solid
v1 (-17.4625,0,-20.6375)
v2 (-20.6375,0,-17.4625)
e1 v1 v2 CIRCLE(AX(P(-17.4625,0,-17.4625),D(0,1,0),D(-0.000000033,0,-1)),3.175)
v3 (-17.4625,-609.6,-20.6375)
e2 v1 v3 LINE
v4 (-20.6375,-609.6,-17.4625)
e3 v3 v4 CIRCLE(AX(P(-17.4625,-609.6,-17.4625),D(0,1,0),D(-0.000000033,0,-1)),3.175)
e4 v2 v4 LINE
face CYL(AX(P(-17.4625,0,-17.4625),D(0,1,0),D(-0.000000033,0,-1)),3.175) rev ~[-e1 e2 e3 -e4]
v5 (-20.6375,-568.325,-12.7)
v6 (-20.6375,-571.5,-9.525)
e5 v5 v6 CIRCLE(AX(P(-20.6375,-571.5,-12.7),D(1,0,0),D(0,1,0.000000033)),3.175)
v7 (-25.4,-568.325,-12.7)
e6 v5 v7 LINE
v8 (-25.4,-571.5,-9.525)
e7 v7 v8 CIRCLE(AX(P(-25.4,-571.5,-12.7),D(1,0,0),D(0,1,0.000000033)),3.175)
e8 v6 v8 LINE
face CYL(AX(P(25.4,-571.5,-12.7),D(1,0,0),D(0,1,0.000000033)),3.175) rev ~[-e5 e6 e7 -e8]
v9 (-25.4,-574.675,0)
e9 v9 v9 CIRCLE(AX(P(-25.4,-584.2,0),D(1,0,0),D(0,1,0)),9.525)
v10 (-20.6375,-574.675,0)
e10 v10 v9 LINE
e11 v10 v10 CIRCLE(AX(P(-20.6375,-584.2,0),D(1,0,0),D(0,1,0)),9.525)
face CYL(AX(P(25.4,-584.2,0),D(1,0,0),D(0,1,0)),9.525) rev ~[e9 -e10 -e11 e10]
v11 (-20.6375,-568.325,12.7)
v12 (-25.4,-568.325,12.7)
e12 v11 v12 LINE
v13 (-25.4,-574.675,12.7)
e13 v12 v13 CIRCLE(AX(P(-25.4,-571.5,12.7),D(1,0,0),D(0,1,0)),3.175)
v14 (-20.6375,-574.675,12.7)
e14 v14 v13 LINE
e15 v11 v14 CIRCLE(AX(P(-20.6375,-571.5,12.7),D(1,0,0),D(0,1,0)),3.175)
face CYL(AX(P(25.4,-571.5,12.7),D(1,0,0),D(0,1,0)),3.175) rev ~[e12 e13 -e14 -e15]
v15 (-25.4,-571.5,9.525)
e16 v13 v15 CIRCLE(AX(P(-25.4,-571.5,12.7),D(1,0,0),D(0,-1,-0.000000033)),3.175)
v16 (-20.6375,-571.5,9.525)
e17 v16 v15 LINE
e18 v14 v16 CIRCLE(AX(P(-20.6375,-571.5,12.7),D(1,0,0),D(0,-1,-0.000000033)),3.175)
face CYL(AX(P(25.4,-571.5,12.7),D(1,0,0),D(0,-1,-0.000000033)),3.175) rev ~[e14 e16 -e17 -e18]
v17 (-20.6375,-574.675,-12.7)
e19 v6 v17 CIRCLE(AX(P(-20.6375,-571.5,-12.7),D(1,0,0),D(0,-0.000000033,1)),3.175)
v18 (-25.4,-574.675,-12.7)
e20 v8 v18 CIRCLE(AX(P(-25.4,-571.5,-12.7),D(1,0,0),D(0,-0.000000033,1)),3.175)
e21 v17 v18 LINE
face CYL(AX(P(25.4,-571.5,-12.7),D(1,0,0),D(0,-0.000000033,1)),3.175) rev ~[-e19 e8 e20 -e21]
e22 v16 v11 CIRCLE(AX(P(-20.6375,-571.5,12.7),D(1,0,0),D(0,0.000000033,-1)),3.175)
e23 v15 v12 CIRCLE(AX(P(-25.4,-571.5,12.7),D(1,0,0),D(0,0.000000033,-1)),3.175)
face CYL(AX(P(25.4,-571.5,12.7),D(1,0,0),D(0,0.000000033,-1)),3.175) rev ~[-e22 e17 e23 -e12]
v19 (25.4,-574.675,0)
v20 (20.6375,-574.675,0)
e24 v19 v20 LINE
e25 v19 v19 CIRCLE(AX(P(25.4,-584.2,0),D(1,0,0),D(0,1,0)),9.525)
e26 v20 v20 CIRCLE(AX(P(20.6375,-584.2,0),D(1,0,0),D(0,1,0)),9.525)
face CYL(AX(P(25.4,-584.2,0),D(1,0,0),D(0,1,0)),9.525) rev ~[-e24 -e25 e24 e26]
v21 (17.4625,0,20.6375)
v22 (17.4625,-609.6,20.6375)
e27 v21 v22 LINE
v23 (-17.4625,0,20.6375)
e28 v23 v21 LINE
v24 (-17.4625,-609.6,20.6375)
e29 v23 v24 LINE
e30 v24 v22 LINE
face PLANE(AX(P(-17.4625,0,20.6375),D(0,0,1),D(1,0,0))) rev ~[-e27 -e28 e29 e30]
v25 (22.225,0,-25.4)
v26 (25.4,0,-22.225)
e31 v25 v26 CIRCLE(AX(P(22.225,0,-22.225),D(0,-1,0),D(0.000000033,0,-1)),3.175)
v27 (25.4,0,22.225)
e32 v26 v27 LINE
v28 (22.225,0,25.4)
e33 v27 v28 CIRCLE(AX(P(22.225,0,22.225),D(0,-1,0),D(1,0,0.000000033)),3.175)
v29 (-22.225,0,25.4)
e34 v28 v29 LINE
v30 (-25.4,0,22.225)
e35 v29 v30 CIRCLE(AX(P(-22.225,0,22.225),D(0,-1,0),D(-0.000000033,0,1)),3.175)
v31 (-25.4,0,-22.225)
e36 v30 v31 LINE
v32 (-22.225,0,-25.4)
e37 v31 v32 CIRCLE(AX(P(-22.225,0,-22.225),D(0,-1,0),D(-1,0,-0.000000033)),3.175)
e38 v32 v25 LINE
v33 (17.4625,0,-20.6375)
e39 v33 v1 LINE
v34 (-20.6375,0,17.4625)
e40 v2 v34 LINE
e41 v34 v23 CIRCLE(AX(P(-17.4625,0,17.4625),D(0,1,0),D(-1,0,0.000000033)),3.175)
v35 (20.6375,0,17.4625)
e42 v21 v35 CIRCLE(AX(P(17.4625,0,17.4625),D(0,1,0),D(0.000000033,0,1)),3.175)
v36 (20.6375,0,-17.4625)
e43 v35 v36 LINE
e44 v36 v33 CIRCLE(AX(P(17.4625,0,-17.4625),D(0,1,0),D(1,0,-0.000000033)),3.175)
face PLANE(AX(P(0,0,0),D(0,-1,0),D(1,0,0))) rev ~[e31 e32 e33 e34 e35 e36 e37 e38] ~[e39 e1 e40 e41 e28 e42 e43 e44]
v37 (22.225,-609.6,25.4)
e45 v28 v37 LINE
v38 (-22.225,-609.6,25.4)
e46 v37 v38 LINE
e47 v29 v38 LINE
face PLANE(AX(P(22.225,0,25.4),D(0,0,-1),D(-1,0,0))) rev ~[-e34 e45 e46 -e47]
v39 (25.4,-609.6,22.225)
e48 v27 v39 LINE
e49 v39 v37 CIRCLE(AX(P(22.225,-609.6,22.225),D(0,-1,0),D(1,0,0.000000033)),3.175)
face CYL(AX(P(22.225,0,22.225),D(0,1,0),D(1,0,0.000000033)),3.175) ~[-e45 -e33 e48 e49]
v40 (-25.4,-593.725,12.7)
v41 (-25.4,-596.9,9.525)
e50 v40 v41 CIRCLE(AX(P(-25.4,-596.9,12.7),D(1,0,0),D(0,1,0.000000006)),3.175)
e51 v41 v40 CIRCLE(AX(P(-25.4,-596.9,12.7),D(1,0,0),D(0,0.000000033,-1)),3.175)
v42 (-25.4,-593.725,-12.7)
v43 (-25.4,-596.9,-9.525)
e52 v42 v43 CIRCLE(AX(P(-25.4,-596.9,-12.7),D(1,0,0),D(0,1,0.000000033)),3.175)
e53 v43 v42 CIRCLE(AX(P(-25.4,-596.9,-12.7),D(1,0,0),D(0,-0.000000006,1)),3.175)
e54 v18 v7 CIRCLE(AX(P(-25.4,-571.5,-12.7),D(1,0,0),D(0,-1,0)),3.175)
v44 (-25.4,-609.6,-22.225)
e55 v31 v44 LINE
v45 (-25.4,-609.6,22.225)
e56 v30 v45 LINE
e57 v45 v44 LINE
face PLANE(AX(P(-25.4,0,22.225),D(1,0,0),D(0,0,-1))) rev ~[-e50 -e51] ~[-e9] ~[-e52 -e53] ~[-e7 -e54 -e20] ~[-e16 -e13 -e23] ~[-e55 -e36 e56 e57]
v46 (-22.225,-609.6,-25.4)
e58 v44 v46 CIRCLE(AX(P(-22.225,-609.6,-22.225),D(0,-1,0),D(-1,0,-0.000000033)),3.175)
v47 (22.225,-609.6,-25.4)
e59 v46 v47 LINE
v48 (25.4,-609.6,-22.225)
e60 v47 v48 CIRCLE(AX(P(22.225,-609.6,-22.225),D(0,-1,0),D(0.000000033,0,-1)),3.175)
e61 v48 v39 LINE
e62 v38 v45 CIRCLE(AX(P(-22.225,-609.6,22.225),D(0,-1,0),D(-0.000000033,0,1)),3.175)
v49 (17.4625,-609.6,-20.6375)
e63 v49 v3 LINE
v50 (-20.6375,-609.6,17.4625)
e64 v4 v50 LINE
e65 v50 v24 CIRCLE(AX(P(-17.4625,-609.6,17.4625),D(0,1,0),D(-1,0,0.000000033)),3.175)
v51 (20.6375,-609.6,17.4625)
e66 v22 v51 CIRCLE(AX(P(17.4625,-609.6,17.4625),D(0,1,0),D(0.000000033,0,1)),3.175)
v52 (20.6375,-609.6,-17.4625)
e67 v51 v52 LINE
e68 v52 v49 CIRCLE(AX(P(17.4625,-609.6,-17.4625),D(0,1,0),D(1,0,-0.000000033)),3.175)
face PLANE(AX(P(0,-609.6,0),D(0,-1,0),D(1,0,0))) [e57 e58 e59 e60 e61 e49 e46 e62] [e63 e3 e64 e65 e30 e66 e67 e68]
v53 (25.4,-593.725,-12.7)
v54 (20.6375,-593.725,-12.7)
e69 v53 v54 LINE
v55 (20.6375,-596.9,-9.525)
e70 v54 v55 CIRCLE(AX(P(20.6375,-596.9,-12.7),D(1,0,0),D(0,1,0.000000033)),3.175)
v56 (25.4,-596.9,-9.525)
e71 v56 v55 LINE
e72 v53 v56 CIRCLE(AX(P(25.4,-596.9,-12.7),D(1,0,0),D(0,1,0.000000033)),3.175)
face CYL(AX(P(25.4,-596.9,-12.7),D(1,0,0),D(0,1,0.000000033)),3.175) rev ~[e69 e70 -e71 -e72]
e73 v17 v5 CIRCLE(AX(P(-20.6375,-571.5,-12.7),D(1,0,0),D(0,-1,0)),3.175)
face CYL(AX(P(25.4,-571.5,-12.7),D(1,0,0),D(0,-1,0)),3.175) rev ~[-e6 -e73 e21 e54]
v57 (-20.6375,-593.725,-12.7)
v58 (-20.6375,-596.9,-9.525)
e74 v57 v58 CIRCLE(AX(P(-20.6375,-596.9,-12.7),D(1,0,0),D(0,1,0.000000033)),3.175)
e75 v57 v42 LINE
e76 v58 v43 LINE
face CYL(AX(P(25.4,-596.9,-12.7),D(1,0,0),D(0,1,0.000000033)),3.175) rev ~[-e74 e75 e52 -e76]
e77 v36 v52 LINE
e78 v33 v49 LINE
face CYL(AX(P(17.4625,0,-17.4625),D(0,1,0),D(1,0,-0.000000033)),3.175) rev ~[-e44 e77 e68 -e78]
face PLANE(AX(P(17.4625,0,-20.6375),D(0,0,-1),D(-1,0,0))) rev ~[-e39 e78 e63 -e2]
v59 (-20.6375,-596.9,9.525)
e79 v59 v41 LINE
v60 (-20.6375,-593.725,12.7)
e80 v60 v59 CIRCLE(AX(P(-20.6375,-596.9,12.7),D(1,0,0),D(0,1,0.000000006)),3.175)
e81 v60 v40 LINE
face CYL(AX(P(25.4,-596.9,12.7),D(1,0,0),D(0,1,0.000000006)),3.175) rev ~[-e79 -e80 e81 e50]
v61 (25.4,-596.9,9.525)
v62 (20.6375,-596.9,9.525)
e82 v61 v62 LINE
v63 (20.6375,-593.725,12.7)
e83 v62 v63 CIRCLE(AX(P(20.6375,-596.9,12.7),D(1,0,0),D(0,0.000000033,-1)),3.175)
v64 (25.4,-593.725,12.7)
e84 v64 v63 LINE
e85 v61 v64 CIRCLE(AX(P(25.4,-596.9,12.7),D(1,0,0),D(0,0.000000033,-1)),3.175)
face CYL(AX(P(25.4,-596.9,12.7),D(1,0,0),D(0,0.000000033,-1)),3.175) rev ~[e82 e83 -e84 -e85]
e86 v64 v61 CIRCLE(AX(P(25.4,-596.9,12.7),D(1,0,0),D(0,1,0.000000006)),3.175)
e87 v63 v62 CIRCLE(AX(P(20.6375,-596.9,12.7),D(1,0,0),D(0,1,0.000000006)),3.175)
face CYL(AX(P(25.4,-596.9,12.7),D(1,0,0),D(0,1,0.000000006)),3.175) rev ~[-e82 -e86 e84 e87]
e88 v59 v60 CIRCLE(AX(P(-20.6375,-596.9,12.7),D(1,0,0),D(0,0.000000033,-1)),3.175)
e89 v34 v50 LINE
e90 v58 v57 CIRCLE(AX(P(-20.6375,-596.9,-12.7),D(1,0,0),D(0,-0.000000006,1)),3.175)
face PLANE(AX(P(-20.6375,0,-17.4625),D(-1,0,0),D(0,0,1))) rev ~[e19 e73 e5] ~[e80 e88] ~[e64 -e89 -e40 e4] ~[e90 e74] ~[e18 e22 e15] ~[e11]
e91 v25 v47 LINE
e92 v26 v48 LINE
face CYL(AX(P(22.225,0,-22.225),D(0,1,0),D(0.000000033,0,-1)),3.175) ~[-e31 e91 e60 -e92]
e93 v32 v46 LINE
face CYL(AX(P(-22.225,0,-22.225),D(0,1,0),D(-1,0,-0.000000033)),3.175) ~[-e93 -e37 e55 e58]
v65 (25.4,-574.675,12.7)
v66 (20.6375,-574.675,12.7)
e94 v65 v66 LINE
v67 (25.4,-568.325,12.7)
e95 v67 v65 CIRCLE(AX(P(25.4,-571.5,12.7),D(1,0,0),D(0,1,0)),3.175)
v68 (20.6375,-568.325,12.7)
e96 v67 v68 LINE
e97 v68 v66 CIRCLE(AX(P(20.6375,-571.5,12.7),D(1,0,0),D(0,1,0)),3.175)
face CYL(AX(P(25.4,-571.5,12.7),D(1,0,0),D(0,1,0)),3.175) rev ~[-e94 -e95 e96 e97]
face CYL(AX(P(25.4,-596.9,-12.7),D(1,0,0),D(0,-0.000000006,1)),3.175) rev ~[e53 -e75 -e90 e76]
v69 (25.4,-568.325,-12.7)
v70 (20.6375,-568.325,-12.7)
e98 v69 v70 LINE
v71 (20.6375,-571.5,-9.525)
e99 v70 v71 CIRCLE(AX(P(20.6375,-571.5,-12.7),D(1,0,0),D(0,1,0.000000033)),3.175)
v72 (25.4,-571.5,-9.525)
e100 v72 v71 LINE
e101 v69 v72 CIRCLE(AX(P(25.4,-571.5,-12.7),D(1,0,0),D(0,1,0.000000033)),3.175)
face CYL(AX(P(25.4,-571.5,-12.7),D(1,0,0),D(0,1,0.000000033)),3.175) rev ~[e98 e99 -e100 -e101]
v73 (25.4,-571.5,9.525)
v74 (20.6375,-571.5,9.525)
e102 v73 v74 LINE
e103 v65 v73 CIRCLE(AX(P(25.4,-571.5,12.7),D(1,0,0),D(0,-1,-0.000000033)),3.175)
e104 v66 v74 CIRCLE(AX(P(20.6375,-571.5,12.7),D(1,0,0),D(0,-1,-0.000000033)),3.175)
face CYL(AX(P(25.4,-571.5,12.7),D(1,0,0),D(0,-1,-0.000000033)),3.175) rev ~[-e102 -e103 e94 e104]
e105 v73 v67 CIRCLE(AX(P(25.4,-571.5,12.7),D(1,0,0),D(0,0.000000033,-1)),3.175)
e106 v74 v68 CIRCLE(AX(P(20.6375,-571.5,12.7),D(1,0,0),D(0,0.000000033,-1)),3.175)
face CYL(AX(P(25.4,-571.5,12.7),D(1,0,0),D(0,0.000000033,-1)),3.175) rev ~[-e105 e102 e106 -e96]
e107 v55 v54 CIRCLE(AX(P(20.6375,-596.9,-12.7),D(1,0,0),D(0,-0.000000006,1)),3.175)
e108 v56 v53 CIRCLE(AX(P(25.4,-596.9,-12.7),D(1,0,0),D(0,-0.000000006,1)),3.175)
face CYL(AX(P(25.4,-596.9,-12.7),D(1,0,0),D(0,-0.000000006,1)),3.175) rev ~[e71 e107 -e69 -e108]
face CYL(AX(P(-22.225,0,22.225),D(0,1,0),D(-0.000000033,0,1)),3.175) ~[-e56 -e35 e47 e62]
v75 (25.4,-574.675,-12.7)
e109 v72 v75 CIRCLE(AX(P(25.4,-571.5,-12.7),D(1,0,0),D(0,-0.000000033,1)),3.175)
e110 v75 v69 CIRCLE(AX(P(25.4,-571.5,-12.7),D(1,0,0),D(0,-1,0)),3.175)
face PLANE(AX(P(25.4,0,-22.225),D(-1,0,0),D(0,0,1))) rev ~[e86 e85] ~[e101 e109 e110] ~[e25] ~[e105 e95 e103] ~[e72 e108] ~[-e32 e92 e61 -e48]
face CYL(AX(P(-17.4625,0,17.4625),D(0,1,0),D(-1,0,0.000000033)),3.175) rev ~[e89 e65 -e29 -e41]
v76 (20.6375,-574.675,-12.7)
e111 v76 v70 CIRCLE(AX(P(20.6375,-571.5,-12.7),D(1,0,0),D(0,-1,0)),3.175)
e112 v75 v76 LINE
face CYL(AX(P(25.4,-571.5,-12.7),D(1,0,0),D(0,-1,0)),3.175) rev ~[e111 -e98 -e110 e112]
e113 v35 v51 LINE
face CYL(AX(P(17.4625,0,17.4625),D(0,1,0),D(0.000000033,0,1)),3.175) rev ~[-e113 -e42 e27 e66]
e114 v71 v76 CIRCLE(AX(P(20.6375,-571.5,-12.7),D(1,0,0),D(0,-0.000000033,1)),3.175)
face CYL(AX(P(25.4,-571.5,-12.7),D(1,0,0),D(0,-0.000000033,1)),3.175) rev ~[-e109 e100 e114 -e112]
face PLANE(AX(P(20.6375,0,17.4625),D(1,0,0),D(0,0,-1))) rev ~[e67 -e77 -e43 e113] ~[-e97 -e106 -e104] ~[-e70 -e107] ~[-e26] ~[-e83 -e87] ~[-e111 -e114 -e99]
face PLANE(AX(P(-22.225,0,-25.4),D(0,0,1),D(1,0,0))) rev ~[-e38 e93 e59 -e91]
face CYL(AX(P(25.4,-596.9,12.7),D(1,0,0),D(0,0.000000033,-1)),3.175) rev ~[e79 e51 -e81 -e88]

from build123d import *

# Parameters (mm, degrees)
F1_DEPTH = 609.6
F2_R     = 9.525
F3_DEPTH = 50.801


with BuildPart() as f1:
    # F0 (on Front) → F1 (new body)
    with BuildSketch(Plane.XZ):
        with BuildLine():
            ThreePointArc((25.4, 22.225), (24.470064, 24.470064), (22.225, 25.4))
            Line((22.225, 25.4), (-22.225, 25.4))
            ThreePointArc((-22.225, 25.4), (-24.470064, 24.470064), (-25.4, 22.225))
            Line((-25.4, 22.225), (-25.4, -22.225))
            ThreePointArc((-25.4, -22.225), (-24.470064, -24.470064), (-22.225, -25.4))
            Line((-22.225, -25.4), (22.225, -25.4))
            ThreePointArc((22.225, -25.4), (24.470064, -24.470064), (25.4, -22.225))
            Line((25.4, -22.225), (25.4, 22.225))
        make_face()
        with BuildLine():
            Line((-17.4625, 20.6375), (17.4625, 20.6375))
            ThreePointArc((17.4625, 20.6375), (19.707564, 19.707564), (20.6375, 17.4625))
            Line((20.6375, 17.4625), (20.6375, -17.4625))
            ThreePointArc((20.6375, -17.4625), (19.707564, -19.707564), (17.4625, -20.6375))
            Line((17.4625, -20.6375), (-17.4625, -20.6375))
            ThreePointArc((-17.4625, -20.6375), (-19.707564, -19.707564), (-20.6375, -17.4625))
            Line((-20.6375, -17.4625), (-20.6375, 17.4625))
            ThreePointArc((-20.6375, 17.4625), (-19.707564, 19.707564), (-17.4625, 20.6375))
        make_face(mode=Mode.SUBTRACT)
    extrude(amount=F1_DEPTH)

    # F2 (on face) → F3 (cut, through all)
    with BuildSketch(Plane.YZ.offset(25.4)):
        with Locations((-584.2, 0)):
            Circle(F2_R)
        with BuildLine():
            Line((-571.5, 9.525), (-571.5, 12.7))
            Line((-571.5, 12.7), (-574.675, 12.7))
            ThreePointArc((-574.675, 12.7), (-573.745064, 10.454936), (-571.5, 9.525))
        make_face()
        with BuildLine():
            Line((-574.675, 12.7), (-571.5, 12.7))
            Line((-571.5, 12.7), (-571.5, 9.525))
            ThreePointArc((-571.5, 9.525), (-569.254936, 10.454936), (-568.325, 12.7))
            ThreePointArc((-568.325, 12.7), (-571.5, 15.875), (-574.675, 12.7))
        make_face()
        with BuildLine():
            Line((-571.5, -9.525), (-571.5, -12.7))
            Line((-571.5, -12.7), (-574.675, -12.7))
            ThreePointArc((-574.675, -12.7), (-571.5, -15.875), (-568.325, -12.7))
            ThreePointArc((-568.325, -12.7), (-569.254936, -10.454936), (-571.5, -9.525))
        make_face()
        with BuildLine():
            Line((-574.675, -12.7), (-571.5, -12.7))
            Line((-571.5, -12.7), (-571.5, -9.525))
            ThreePointArc((-571.5, -9.525), (-573.745064, -10.454936), (-574.675, -12.7))
        make_face()
        with BuildLine():
            Line((-593.725, 12.7), (-596.9, 12.7))
            Line((-596.9, 12.7), (-596.9, 9.525))
            ThreePointArc((-596.9, 9.525), (-594.654936, 10.454936), (-593.725, 12.7))
        make_face()
        with BuildLine():
            Line((-596.9, 9.525), (-596.9, 12.7))
            Line((-596.9, 12.7), (-593.725, 12.7))
            ThreePointArc((-593.725, 12.7), (-599.145064, 14.945064), (-596.9, 9.525))
        make_face()
        with BuildLine():
            Line((-596.9, -12.7), (-593.725, -12.7))
            ThreePointArc((-593.725, -12.7), (-594.654936, -10.454936), (-596.9, -9.525))
            Line((-596.9, -9.525), (-596.9, -12.7))
        make_face()
        with BuildLine():
            ThreePointArc((-596.9, -9.525), (-599.145064, -14.945064), (-593.725, -12.7))
            Line((-593.725, -12.7), (-596.9, -12.7))
            Line((-596.9, -12.7), (-596.9, -9.525))
        make_face()
    extrude(amount=-F3_DEPTH, mode=Mode.SUBTRACT)


solid = f1.part
